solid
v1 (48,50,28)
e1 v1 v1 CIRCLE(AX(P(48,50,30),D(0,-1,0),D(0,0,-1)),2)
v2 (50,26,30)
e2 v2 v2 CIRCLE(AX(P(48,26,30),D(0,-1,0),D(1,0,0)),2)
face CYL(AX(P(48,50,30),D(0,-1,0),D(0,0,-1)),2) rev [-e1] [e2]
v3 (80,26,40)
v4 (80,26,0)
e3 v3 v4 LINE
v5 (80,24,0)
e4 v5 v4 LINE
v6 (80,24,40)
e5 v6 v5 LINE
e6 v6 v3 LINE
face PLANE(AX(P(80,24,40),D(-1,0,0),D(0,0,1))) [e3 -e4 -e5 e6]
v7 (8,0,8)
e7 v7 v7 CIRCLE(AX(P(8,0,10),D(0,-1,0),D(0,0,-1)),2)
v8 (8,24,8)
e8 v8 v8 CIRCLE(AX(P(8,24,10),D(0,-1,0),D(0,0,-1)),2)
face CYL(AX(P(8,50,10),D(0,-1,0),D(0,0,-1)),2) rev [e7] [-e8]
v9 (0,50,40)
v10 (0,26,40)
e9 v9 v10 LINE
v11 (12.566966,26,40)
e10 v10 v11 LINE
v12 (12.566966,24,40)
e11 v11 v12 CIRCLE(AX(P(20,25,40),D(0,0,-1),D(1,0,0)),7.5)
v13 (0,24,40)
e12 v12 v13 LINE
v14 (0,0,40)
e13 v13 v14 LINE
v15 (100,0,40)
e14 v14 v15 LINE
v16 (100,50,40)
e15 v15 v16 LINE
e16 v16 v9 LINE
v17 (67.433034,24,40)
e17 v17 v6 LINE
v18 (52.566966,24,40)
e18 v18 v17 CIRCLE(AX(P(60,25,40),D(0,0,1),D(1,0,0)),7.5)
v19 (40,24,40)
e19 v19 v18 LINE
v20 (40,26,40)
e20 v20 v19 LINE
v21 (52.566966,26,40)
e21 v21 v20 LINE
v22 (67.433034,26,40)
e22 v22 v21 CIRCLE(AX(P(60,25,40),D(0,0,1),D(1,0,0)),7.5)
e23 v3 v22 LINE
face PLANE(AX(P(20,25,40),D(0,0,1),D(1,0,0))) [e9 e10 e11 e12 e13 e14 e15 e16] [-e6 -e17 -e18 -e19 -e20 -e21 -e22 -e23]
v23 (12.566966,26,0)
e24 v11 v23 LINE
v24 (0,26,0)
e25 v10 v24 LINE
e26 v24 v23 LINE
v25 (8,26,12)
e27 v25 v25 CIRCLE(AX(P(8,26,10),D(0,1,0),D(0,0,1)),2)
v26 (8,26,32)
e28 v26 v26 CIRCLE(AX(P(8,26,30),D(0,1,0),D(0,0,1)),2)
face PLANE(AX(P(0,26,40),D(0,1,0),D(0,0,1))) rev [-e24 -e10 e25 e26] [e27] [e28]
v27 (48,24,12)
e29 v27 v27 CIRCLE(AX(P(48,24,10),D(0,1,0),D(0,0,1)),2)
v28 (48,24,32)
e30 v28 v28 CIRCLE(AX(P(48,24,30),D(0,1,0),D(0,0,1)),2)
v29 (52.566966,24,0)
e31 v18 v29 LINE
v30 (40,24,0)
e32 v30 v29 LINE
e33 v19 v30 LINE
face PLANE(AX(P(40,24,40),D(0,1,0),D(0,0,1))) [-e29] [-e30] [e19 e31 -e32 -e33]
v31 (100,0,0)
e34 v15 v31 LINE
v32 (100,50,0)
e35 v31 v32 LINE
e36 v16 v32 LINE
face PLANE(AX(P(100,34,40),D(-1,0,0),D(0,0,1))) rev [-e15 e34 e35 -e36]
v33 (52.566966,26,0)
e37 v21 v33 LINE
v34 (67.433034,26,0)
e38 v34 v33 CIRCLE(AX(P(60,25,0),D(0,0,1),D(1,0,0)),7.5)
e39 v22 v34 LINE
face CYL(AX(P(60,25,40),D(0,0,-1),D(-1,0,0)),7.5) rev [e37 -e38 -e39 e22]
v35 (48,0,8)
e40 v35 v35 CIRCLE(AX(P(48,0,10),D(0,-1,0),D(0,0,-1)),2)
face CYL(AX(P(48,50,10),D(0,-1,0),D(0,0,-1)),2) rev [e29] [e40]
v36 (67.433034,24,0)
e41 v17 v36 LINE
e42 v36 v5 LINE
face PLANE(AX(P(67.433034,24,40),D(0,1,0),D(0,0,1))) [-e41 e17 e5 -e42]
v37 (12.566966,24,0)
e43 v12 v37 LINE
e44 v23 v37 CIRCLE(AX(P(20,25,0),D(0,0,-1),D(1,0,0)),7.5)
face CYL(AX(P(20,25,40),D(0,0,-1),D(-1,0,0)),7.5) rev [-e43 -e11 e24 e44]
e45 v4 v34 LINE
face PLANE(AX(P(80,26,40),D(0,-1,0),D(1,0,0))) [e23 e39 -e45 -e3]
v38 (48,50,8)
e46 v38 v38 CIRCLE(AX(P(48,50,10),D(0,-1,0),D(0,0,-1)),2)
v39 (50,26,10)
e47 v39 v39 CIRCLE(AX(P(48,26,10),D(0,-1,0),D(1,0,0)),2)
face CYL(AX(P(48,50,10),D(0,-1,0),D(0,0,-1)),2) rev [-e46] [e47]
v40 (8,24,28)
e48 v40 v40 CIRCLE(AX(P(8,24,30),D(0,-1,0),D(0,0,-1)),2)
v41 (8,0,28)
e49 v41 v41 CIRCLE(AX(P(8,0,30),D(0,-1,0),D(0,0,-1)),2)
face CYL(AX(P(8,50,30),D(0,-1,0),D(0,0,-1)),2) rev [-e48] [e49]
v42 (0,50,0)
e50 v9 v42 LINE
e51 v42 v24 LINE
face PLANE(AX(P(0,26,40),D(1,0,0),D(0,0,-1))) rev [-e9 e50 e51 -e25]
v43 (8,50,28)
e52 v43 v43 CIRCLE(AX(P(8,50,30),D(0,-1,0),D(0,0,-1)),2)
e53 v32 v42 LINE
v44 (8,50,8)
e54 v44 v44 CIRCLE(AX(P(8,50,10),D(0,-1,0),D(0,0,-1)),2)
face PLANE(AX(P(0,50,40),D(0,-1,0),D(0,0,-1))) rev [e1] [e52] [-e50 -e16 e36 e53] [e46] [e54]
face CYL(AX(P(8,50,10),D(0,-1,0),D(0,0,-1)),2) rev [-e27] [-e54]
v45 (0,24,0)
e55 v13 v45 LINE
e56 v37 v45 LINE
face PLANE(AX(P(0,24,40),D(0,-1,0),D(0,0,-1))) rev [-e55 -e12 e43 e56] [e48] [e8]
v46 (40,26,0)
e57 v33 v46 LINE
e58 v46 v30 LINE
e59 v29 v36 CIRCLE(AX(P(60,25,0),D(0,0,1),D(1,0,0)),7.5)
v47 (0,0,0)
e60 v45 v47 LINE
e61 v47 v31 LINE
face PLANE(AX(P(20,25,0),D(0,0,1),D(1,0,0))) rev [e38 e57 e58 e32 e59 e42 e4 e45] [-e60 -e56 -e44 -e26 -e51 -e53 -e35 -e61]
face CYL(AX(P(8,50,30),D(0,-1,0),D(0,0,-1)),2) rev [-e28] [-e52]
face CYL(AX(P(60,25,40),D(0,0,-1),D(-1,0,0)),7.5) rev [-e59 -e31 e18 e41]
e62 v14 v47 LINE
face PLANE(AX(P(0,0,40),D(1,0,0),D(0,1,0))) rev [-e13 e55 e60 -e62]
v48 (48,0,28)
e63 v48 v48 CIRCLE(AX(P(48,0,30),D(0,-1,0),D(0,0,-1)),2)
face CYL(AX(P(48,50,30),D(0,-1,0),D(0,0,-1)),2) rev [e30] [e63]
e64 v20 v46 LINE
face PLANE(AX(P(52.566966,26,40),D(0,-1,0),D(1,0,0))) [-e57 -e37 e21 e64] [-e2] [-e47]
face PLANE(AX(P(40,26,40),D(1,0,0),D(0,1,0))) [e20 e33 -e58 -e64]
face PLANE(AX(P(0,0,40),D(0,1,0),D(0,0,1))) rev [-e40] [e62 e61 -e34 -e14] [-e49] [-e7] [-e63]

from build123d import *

# Parameters (mm, degrees)
EXTRUDE_1_DEPTH     = 40
SKETCH_8_R          = 2
CUT_EXTRUDE_5_DEPTH = 50


with BuildPart() as part:
    # Эскиз1 → Бобышка-Вытянуть1 (new body)
    with BuildSketch(Plane.XY):
        with BuildLine():
            Line((0, 0), (100, 0))
            Line((100, 0), (100, 34))
            Line((100, 34), (100, 50))
            Line((100, 50), (0, 50))
            Line((0, 50), (0, 26))
            Line((0, 26), (12.566965626, 26))
            ThreePointArc((12.566965626, 26), (27.5, 25), (12.566965626, 24))
            Line((12.566965626, 24), (0, 24))
            Line((0, 24), (0, 0))
        make_face()
        with BuildLine():
            Line((52.566965626, 26), (40, 26))
            Line((40, 26), (40, 24))
            Line((40, 24), (52.566965626, 24))
            ThreePointArc((52.566965626, 24), (60, 17.5), (67.433034374, 24))
            Line((67.433034374, 24), (80, 24))
            Line((80, 24), (80, 26))
            Line((80, 26), (67.433034374, 26))
            ThreePointArc((67.433034374, 26), (60, 32.5), (52.566965626, 26))
        make_face(mode=Mode.SUBTRACT)
    extrude(amount=EXTRUDE_1_DEPTH)

    # Эскиз8 → Вырез-Вытянуть5 (cut)
    with BuildSketch(Plane.XZ):
        with Locations(Location((8, 30, 0), (0, 0, 270))):
            Circle(SKETCH_8_R)
        with Locations(Location((8, 10, 0), (0, 0, 270))):
            Circle(SKETCH_8_R)
        with Locations(Location((48, 30, 0), (0, 0, 270))):
            Circle(SKETCH_8_R)
        with Locations(Location((48, 10, 0), (0, 0, 270))):
            Circle(SKETCH_8_R)
    extrude(amount=-CUT_EXTRUDE_5_DEPTH, mode=Mode.SUBTRACT)


solid = part.part
